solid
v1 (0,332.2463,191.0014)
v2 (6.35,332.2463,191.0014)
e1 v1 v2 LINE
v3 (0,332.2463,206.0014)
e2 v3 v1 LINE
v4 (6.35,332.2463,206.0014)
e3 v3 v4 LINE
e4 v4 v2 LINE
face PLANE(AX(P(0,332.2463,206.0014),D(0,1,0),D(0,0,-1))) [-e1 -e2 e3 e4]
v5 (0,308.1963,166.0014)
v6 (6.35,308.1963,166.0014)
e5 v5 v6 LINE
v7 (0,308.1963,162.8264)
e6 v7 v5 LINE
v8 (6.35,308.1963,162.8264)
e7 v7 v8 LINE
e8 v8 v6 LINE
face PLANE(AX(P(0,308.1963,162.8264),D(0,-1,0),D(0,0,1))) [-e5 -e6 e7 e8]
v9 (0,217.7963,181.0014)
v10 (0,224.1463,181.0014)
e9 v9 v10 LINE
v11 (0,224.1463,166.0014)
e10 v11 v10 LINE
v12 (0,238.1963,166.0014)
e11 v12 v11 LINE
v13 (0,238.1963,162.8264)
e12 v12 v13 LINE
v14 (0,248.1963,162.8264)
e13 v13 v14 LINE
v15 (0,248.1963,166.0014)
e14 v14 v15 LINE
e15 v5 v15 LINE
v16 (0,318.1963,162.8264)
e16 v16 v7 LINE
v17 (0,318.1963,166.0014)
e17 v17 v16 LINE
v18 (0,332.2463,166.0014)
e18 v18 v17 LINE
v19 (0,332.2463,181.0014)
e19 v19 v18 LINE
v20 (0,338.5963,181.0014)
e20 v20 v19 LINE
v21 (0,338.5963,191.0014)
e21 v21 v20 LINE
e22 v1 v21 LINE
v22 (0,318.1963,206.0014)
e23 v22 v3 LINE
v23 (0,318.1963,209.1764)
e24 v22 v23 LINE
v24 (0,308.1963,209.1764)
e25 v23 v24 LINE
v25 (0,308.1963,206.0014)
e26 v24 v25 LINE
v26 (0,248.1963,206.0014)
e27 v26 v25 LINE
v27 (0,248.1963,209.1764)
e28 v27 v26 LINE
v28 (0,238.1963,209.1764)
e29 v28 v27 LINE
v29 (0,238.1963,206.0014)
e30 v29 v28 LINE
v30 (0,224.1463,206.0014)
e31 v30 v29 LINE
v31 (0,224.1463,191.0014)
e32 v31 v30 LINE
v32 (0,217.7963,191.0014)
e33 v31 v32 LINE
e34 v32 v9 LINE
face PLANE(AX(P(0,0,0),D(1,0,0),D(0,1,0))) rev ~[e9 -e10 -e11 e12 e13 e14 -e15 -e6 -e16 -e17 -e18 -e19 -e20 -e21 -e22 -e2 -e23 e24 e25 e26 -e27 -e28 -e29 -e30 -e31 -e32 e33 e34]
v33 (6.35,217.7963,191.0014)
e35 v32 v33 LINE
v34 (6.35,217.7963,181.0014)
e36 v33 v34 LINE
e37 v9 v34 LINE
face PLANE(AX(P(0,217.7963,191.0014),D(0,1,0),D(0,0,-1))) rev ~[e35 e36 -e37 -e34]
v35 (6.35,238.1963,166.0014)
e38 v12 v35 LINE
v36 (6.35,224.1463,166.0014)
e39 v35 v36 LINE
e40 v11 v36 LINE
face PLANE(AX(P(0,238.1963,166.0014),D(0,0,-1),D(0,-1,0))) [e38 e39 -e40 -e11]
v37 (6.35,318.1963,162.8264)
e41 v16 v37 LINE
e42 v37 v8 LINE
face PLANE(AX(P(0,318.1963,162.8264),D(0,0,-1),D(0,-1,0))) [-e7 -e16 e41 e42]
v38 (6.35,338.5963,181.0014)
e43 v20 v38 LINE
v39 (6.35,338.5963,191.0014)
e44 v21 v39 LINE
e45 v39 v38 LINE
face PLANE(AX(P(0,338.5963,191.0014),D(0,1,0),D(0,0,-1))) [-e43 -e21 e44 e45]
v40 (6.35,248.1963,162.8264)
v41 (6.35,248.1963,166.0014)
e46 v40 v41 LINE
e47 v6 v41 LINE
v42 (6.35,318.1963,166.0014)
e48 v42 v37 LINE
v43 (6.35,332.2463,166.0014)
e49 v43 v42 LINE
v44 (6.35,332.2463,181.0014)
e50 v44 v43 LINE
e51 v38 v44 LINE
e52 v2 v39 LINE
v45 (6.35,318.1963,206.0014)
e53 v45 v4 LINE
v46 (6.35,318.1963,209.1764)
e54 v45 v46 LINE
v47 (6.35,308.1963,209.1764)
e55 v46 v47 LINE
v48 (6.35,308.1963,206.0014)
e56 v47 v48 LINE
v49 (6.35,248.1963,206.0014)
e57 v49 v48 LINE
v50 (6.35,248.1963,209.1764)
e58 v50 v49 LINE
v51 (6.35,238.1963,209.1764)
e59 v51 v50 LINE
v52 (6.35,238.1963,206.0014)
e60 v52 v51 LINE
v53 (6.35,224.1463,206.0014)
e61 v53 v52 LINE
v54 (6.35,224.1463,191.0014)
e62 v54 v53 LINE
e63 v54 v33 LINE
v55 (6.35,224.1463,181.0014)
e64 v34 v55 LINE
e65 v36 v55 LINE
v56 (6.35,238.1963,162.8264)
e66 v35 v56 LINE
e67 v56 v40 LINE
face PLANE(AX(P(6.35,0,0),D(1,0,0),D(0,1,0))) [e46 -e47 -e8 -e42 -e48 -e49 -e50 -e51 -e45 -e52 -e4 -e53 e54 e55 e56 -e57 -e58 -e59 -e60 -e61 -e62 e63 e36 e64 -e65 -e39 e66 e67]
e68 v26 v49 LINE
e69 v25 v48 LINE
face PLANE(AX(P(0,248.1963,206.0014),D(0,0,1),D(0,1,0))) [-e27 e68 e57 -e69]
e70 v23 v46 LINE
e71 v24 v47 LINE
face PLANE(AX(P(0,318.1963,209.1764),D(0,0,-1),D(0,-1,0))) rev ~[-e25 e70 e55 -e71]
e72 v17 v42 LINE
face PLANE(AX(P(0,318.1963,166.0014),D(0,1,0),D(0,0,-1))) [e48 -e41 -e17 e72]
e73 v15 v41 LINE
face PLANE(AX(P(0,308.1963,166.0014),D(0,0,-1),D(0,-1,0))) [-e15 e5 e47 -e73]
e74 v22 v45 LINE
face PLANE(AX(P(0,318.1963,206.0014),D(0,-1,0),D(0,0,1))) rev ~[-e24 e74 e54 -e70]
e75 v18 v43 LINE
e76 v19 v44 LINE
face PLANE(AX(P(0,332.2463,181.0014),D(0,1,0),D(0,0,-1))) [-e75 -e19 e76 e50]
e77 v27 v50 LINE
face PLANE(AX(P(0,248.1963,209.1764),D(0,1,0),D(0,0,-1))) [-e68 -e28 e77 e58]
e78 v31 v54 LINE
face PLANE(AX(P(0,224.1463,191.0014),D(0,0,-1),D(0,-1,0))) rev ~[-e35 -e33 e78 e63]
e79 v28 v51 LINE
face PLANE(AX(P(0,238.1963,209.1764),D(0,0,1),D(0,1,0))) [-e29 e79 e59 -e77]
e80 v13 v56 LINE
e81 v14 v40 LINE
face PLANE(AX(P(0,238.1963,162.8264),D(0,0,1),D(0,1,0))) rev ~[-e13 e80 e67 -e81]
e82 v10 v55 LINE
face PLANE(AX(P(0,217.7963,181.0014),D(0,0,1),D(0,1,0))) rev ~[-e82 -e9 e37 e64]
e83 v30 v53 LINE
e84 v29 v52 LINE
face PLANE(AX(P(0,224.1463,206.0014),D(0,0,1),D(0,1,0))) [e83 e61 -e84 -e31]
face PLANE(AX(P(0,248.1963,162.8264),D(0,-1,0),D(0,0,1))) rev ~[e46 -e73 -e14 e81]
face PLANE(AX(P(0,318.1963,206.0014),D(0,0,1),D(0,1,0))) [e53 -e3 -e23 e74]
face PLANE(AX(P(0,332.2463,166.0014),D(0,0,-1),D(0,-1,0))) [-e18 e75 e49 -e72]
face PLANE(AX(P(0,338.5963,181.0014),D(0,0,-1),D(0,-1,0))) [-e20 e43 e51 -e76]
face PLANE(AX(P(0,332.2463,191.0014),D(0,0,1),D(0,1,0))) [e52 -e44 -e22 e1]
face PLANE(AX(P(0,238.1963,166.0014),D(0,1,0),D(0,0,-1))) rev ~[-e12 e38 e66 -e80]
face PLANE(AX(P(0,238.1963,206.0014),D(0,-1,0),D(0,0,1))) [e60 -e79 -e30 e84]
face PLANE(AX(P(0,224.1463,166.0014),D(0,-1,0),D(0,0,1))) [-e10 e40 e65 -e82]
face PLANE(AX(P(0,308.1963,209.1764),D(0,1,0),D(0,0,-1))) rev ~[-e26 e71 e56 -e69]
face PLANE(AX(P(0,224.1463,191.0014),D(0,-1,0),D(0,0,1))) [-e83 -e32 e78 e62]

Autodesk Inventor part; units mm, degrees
ref_plane "YZ Plane" through (0, 0, 0) normal (1, 0, 0) x (0, 1, 0)
ref_plane "XZ Plane" through (0, 0, 0) normal (0, 1, 0) x (-1, 0, 0)
ref_plane "XY Plane" through (0, 0, 0) normal (0, 0, 1) x (1, 0, 0)
sketch "Sketch1" plane through (0, 0, 0) normal (1, 0, 0) x (0, 1, 0)
  line L0 (238.1963, 166.0014) -> (238.1963, 162.8264)
  line L1 (238.1963, 162.8264) -> (248.1963, 162.8264)
  line L2 (248.1963, 162.8264) -> (248.1963, 166.0014)
  line L3 (318.1963, 166.0014) -> (318.1963, 162.8264)
  line L4 (318.1963, 162.8264) -> (308.1963, 162.8264)
  line L5 (308.1963, 162.8264) -> (308.1963, 166.0014)
  line L6 (238.1963, 206.0014) -> (238.1963, 209.1764)
  line L7 (238.1963, 209.1764) -> (248.1963, 209.1764)
  line L8 (248.1963, 209.1764) -> (248.1963, 206.0014)
  line L9 (308.1963, 209.1764) -> (308.1963, 206.0014)
  line L10 (318.1963, 209.1764) -> (308.1963, 209.1764)
  line L11 (318.1963, 206.0014) -> (318.1963, 209.1764)
  line L12 (224.1463, 191.0014) -> (217.7963, 191.0014)
  line L13 (217.7963, 191.0014) -> (217.7963, 181.0014)
  line L14 (217.7963, 181.0014) -> (224.1463, 181.0014)
  line L15 (332.2463, 191.0014) -> (338.5963, 191.0014)
  line L16 (338.5963, 191.0014) -> (338.5963, 181.0014)
  line L17 (338.5963, 181.0014) -> (332.2463, 181.0014)
  line L18 (238.1963, 166.0014) -> (224.1463, 166.0014)
  line L19 (332.2463, 166.0014) -> (318.1963, 166.0014)
  line L20 (308.1963, 166.0014) -> (248.1963, 166.0014)
  line L21 (318.1963, 206.0014) -> (332.2463, 206.0014)
  line L22 (224.1463, 206.0014) -> (238.1963, 206.0014)
  line L23 (248.1963, 206.0014) -> (308.1963, 206.0014)
  line L24 (332.2463, 206.0014) -> (332.2463, 191.0014)
  line L25 (332.2463, 181.0014) -> (332.2463, 166.0014)
  line L26 (224.1463, 166.0014) -> (224.1463, 181.0014)
  line L27 (224.1463, 191.0014) -> (224.1463, 206.0014)
  point P0 (0, 0)
  dimension "d22" = 40
  dimension "d23" = 108.1
  dimension "d24" = 14.05
  dimension "d25" = 60
  dimension "d26" = 60
  dimension "d27" = 10
  dimension "d28" = 6.35
  dimension "d29" = 14.05
  dimension "d30" = 14.05
  dimension "d31" = 14.05
  dimension "d32" = 15
  dimension "d33" = 15
  dimension "d34" = 15
  dimension "d35" = 15
  dimension "d36" = 120.8
  dimension "d37" = 3.175
  dimension "d38" = 3.175
  dimension "d39" = 3.175
  dimension "d40" = 40
  dimension "d41" = 46.35
  dimension "d42" = 40
  dimension "d43" = 3.175
  dimension "d44" = 3.175
  dimension "d45" = 3.175
  dimension "d46" = 3.175
extrude "Extrusion1" add sketch "Sketch1" along normal blind 6.35
properties part number "boxSide"
